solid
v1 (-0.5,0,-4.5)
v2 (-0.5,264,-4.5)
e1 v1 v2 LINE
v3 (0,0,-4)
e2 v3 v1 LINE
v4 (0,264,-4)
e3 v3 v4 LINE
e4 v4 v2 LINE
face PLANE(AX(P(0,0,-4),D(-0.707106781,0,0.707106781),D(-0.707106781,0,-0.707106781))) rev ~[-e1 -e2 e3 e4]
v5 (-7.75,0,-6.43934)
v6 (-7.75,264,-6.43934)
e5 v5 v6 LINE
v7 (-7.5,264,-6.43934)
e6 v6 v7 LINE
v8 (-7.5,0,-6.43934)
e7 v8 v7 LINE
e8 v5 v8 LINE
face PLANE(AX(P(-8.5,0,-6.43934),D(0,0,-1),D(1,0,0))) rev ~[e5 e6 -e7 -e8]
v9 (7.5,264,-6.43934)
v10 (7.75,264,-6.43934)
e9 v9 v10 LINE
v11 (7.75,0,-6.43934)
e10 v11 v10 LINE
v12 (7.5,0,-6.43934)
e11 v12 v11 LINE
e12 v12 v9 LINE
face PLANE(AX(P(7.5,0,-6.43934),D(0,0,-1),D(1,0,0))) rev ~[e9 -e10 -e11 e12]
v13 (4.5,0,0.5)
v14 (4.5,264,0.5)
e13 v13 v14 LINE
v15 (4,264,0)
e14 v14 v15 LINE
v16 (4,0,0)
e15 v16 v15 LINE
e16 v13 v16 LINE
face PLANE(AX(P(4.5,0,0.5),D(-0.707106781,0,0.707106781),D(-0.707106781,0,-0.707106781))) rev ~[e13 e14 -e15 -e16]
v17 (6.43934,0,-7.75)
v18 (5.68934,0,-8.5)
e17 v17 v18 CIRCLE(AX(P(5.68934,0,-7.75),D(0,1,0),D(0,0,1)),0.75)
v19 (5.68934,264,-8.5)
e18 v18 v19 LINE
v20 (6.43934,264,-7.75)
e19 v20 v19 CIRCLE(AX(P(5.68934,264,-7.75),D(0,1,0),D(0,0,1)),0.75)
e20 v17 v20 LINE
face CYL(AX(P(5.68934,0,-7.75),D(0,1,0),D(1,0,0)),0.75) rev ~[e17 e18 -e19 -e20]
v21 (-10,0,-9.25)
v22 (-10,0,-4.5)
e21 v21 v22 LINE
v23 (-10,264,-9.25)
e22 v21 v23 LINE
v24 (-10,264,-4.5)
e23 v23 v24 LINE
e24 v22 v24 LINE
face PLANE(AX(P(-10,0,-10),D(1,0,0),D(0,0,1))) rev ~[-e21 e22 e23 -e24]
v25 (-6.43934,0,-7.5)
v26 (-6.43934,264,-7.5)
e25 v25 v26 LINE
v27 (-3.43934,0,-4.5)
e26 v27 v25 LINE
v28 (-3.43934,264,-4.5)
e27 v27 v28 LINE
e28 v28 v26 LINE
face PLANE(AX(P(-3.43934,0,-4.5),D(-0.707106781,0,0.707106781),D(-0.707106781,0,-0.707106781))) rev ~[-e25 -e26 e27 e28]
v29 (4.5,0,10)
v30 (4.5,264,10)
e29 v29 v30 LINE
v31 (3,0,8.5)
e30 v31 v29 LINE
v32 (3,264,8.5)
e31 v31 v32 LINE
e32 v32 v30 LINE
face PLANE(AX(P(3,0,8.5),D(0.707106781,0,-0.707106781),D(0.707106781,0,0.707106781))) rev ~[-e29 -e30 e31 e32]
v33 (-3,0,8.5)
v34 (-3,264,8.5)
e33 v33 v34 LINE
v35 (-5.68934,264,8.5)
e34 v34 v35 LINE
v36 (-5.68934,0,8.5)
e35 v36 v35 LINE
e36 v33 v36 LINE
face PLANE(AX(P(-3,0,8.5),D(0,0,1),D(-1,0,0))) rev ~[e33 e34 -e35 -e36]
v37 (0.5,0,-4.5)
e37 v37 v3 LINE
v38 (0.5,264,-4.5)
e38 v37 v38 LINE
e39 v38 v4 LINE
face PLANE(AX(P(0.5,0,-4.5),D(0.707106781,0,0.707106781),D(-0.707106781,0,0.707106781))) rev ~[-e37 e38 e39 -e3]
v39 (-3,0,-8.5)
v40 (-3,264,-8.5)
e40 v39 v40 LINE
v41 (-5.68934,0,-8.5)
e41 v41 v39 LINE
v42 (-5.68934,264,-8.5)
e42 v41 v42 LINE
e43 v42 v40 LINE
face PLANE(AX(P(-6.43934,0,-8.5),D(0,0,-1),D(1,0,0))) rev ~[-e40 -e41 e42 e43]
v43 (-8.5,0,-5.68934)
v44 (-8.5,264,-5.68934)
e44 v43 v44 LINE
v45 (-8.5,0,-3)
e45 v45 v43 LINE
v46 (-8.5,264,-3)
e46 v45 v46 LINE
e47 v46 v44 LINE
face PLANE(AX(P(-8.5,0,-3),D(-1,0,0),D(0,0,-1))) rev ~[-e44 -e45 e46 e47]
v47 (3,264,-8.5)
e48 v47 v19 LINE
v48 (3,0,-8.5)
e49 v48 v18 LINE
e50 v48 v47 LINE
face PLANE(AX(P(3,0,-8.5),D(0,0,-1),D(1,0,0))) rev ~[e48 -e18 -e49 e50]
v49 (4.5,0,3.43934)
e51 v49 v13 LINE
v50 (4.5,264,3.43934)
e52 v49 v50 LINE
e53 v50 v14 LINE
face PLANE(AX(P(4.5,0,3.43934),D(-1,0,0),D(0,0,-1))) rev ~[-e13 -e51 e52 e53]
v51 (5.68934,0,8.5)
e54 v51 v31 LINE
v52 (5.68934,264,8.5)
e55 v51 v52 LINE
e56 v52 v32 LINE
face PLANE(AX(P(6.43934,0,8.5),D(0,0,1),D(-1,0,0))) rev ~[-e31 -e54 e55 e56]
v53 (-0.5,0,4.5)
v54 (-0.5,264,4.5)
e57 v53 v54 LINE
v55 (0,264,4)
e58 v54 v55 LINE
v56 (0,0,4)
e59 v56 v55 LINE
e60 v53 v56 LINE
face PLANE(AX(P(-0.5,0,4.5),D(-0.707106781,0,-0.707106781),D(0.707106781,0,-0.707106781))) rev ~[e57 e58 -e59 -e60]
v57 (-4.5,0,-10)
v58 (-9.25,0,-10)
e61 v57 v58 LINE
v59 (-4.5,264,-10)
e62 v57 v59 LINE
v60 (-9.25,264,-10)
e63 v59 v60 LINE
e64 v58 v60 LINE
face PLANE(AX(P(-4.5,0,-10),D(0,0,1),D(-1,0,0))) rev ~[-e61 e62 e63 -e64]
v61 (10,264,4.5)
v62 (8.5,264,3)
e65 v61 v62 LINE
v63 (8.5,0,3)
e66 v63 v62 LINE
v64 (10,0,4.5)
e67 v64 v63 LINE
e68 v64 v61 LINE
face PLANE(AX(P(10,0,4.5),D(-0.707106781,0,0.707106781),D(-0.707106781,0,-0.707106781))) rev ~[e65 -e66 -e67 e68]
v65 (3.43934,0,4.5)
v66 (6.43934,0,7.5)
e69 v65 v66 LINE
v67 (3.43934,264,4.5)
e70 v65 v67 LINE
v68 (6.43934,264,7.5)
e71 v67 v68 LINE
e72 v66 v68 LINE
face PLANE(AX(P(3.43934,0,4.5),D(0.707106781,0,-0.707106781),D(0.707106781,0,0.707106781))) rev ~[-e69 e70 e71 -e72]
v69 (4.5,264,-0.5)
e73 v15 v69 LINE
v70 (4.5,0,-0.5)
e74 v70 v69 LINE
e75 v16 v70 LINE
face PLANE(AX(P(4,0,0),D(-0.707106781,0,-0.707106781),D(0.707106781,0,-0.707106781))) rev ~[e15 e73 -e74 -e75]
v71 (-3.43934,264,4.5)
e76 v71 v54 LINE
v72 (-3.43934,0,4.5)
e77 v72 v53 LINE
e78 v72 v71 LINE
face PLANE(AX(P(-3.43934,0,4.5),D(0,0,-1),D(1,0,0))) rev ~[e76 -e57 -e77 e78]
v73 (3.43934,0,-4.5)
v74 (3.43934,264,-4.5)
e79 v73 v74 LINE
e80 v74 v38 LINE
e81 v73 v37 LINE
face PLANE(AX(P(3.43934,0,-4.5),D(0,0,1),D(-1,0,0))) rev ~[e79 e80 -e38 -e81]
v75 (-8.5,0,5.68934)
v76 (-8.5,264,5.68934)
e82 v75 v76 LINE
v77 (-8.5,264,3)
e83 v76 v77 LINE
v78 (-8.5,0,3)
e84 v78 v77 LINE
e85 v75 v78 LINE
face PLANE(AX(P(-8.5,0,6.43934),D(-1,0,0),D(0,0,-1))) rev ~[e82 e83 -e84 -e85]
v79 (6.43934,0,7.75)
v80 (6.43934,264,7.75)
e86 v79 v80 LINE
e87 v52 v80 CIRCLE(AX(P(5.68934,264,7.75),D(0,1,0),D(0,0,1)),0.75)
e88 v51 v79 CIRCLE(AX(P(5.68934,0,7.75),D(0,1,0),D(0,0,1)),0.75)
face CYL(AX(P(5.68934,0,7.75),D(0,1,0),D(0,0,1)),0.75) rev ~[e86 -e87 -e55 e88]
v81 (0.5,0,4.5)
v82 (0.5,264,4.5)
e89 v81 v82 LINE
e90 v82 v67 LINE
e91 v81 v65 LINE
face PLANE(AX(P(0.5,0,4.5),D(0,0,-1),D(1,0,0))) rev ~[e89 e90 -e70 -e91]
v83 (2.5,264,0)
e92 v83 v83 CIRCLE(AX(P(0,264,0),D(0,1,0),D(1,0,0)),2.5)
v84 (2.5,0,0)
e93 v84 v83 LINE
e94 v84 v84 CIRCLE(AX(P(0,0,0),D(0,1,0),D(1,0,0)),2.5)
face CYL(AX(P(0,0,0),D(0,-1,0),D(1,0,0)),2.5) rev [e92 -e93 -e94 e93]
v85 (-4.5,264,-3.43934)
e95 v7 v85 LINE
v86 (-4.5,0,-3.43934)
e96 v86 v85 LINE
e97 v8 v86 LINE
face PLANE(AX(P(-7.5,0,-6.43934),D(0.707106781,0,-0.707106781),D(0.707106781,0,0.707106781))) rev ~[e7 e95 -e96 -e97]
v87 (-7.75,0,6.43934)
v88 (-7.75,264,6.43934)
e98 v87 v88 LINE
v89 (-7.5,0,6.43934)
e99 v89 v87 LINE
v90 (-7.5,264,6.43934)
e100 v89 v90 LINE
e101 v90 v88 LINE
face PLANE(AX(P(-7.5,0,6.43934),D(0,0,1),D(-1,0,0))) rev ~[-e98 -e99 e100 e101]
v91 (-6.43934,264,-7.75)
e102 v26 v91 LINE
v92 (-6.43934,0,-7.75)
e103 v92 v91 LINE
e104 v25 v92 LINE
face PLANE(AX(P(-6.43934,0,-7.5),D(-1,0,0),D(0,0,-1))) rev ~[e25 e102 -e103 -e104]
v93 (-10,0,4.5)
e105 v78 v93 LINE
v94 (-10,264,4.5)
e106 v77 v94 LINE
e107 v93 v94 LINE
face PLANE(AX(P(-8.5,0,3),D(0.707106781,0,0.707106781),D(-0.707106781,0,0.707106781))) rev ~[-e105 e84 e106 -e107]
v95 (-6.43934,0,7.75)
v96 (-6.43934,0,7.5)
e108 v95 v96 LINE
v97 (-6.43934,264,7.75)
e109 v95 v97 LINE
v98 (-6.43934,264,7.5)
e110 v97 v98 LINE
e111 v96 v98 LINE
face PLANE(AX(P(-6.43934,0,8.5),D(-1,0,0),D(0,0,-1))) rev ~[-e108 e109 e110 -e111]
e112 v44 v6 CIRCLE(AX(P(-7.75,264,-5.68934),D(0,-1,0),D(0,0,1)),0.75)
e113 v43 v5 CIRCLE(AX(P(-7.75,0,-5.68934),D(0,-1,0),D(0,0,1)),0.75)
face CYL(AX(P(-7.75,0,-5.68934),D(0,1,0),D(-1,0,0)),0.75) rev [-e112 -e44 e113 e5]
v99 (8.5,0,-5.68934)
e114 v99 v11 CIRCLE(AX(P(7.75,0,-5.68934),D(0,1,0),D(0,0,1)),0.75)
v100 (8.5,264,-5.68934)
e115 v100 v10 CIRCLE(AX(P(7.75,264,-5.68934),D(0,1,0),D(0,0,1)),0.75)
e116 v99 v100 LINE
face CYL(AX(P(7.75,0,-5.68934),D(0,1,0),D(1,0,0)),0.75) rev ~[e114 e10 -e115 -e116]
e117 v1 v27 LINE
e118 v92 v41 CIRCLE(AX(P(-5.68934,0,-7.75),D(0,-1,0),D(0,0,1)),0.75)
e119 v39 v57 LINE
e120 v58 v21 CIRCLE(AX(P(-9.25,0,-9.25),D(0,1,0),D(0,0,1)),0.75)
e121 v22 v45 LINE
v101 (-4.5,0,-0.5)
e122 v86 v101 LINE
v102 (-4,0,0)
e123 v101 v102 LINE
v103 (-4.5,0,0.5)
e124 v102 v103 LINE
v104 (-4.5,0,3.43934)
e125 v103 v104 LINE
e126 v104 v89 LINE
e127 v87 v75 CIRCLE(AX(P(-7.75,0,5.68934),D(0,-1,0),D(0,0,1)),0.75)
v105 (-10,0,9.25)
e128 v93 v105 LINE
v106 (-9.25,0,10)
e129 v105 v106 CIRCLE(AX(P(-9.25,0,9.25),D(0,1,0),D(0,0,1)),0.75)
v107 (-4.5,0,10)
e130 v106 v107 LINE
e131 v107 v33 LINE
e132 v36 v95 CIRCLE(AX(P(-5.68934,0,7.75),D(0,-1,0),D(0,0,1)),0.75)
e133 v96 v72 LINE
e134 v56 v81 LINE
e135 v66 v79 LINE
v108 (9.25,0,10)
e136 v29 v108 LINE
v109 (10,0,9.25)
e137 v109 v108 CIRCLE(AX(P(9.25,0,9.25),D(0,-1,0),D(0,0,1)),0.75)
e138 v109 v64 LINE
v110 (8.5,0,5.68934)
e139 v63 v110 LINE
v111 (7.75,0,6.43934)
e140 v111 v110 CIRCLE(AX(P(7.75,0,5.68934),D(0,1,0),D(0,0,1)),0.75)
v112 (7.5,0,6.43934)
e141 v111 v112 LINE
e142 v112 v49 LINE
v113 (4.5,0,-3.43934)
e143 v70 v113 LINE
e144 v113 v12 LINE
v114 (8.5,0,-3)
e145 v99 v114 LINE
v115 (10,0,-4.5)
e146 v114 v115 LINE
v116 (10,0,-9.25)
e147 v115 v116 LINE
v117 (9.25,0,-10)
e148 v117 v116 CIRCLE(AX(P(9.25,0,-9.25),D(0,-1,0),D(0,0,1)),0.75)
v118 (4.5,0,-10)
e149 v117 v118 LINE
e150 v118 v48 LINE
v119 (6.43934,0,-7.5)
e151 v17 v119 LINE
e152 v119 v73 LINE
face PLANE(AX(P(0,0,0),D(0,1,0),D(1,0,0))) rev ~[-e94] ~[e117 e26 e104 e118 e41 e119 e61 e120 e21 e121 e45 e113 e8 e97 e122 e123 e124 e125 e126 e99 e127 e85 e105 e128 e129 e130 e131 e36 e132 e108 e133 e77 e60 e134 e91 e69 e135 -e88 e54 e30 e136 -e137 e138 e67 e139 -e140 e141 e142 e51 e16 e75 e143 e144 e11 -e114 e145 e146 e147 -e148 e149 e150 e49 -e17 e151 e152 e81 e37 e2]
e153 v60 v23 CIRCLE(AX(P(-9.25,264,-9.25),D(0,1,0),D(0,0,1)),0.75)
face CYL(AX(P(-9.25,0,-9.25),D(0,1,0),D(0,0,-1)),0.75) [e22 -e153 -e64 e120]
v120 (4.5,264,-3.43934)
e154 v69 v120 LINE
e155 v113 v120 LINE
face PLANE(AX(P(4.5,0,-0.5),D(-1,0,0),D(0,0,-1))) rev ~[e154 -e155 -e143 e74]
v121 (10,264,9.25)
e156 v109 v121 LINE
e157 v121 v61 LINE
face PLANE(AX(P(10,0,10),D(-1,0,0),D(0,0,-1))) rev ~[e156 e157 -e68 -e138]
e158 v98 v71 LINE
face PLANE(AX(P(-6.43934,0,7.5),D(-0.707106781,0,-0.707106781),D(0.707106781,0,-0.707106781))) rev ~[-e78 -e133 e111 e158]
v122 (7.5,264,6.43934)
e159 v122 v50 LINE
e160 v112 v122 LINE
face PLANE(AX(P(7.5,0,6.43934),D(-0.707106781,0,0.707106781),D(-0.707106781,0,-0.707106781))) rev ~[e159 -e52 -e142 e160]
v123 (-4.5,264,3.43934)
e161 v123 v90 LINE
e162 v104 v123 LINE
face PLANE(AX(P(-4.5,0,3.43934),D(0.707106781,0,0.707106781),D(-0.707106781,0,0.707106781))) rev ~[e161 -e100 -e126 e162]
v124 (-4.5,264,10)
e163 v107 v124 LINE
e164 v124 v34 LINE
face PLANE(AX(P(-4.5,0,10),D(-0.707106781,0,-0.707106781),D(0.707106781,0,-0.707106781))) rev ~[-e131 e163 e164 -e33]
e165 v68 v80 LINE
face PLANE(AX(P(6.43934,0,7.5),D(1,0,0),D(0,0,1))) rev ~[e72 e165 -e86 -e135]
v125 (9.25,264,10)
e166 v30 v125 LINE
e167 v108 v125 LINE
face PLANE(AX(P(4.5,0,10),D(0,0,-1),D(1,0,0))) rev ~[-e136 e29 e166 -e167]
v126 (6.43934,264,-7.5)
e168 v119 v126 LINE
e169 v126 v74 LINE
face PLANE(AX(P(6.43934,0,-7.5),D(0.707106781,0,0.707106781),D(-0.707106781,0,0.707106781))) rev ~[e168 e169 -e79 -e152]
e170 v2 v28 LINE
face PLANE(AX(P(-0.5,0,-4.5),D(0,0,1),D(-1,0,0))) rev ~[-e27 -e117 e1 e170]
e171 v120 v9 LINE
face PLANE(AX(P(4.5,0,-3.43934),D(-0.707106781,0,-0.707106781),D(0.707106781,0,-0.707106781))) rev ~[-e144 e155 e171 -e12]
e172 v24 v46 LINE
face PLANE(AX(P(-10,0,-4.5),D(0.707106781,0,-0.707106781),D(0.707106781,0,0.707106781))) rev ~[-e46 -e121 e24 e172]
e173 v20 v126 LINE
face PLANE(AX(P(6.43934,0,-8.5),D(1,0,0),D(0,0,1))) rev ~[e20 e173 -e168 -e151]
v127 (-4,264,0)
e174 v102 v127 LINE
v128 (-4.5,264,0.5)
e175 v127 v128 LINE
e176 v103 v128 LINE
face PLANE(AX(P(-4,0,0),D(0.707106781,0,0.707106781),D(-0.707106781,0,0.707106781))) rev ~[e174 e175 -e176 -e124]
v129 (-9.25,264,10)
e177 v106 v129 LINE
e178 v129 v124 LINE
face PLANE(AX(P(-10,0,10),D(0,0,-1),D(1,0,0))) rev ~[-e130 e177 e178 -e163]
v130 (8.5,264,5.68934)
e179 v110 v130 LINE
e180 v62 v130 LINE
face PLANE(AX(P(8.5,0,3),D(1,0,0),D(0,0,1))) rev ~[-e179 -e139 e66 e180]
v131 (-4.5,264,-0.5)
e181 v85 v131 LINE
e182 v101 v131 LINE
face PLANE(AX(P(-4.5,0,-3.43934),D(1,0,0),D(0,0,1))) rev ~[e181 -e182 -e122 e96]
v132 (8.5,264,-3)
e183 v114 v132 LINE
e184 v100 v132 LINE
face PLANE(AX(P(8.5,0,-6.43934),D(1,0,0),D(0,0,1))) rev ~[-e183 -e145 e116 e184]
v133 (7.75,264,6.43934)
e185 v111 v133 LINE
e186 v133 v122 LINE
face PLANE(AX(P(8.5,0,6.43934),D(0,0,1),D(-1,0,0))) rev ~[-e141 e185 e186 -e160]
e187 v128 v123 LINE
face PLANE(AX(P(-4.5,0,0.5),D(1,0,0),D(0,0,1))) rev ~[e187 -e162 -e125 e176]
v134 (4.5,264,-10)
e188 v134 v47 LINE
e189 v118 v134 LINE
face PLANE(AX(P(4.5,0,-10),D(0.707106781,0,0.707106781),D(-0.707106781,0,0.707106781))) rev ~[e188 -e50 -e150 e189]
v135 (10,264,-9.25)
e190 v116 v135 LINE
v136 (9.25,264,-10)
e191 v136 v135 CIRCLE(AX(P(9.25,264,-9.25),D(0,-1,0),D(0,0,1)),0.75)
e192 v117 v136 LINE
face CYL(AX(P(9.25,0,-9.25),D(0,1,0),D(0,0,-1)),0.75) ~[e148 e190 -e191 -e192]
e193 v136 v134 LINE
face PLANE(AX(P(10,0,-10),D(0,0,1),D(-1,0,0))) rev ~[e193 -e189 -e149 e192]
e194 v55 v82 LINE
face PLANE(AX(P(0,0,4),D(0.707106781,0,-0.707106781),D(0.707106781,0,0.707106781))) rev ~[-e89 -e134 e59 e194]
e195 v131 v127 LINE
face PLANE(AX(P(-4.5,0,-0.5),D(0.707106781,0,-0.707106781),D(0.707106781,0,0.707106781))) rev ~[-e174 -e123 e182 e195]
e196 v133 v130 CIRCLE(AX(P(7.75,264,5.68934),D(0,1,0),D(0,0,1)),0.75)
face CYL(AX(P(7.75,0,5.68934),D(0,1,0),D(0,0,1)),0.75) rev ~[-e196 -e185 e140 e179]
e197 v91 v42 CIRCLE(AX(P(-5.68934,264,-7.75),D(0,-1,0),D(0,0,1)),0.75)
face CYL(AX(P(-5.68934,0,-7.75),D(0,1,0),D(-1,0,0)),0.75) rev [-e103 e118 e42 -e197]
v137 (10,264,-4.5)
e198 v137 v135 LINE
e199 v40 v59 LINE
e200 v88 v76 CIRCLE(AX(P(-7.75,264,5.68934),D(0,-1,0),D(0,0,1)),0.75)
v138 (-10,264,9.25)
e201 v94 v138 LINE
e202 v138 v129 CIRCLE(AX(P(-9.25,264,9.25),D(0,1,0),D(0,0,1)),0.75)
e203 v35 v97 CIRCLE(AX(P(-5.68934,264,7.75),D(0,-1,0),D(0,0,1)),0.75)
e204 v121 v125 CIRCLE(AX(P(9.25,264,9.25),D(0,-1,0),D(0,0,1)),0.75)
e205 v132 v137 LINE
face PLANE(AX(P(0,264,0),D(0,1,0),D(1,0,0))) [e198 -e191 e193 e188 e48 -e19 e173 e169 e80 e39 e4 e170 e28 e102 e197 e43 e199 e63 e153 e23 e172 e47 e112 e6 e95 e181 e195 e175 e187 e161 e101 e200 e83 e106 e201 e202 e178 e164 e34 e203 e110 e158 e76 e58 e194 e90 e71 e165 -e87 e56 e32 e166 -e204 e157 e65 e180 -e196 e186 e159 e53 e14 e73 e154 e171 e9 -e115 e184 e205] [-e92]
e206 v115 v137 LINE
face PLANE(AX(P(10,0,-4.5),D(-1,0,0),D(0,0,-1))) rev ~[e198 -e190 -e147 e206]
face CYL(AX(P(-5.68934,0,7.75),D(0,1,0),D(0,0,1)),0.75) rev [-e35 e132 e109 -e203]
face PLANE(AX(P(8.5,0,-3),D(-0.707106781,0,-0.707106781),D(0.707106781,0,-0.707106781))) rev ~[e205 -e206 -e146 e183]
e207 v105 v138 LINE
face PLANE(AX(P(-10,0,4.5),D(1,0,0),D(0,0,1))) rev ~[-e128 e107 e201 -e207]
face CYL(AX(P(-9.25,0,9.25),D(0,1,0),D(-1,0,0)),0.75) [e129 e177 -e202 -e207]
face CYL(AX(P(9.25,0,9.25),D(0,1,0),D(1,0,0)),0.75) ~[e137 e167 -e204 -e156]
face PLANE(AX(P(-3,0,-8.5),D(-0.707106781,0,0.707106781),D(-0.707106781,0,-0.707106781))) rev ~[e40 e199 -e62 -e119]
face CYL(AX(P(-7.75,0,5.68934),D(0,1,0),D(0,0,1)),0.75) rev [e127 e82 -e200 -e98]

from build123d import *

# Parameters (mm, degrees)
ESQUISSE1_R      = 2.5
EXTRUSION1_DEPTH = 264
CONG_1_R         = 0.75


with BuildPart() as part:
    # Esquisse1 → Extrusion1 (new body)
    with BuildSketch(Plane(origin=(0, 0, 0), x_dir=(1, 0, 0), z_dir=(0, 1, 0))):
        Polygon((0, 4), (-0.5, 4.5), (-3.439339828, 4.5), (-6.439339828, 7.5), (-6.439339828, 8.5), (-3, 8.5), (-4.5, 10), (-10, 10), (-10, 4.5), (-8.5, 3), (-8.5, 6.439339828), (-7.5, 6.439339828), (-4.5, 3.439339828), (-4.5, 0.5), (-4, 0), (-4.5, -0.5), (-4.5, -3.439339828), (-7.5, -6.439339828), (-8.5, -6.439339828), (-8.5, -3), (-10, -4.5), (-10, -10), (-4.5, -10), (-3, -8.5), (-6.439339828, -8.5), (-6.439339828, -7.5), (-3.439339828, -4.5), (-0.5, -4.5), (0, -4), (0.5, -4.5), (3.439339828, -4.5), (6.439339828, -7.5), (6.439339828, -8.5), (3, -8.5), (4.5, -10), (10, -10), (10, -4.5), (8.5, -3), (8.5, -6.439339828), (7.5, -6.439339828), (4.5, -3.439339828), (4.5, -0.5), (4, 0), (4.5, 0.5), (4.5, 3.439339828), (7.5, 6.439339828), (8.5, 6.439339828), (8.5, 3), (10, 4.5), (10, 10), (4.5, 10), (3, 8.5), (6.439339828, 8.5), (6.439339828, 7.5), (3.439339828, 4.5), (0.5, 4.5), align=None)
        Circle(ESQUISSE1_R, mode=Mode.SUBTRACT)
    extrude(amount=EXTRUSION1_DEPTH)

    # Congé1
    cong_1_edges = [part.edges().sort_by_distance(p)[0] for p in [
        (6.439339828, 132, -8.5),
        (10, 132, -10),
        (8.5, 132, -6.439339828),
        (8.5, 132, 6.439339828),
        (10, 132, 10),
        (6.439339828, 132, 8.5),
        (-6.439339828, 132, 8.5),
        (-10, 132, 10),
        (-8.5, 132, 6.439339828),
        (-8.5, 132, -6.439339828),
        (-10, 132, -10),
        (-6.439339828, 132, -8.5),
    ]]
    fillet(cong_1_edges, radius=CONG_1_R)


solid = part.part
